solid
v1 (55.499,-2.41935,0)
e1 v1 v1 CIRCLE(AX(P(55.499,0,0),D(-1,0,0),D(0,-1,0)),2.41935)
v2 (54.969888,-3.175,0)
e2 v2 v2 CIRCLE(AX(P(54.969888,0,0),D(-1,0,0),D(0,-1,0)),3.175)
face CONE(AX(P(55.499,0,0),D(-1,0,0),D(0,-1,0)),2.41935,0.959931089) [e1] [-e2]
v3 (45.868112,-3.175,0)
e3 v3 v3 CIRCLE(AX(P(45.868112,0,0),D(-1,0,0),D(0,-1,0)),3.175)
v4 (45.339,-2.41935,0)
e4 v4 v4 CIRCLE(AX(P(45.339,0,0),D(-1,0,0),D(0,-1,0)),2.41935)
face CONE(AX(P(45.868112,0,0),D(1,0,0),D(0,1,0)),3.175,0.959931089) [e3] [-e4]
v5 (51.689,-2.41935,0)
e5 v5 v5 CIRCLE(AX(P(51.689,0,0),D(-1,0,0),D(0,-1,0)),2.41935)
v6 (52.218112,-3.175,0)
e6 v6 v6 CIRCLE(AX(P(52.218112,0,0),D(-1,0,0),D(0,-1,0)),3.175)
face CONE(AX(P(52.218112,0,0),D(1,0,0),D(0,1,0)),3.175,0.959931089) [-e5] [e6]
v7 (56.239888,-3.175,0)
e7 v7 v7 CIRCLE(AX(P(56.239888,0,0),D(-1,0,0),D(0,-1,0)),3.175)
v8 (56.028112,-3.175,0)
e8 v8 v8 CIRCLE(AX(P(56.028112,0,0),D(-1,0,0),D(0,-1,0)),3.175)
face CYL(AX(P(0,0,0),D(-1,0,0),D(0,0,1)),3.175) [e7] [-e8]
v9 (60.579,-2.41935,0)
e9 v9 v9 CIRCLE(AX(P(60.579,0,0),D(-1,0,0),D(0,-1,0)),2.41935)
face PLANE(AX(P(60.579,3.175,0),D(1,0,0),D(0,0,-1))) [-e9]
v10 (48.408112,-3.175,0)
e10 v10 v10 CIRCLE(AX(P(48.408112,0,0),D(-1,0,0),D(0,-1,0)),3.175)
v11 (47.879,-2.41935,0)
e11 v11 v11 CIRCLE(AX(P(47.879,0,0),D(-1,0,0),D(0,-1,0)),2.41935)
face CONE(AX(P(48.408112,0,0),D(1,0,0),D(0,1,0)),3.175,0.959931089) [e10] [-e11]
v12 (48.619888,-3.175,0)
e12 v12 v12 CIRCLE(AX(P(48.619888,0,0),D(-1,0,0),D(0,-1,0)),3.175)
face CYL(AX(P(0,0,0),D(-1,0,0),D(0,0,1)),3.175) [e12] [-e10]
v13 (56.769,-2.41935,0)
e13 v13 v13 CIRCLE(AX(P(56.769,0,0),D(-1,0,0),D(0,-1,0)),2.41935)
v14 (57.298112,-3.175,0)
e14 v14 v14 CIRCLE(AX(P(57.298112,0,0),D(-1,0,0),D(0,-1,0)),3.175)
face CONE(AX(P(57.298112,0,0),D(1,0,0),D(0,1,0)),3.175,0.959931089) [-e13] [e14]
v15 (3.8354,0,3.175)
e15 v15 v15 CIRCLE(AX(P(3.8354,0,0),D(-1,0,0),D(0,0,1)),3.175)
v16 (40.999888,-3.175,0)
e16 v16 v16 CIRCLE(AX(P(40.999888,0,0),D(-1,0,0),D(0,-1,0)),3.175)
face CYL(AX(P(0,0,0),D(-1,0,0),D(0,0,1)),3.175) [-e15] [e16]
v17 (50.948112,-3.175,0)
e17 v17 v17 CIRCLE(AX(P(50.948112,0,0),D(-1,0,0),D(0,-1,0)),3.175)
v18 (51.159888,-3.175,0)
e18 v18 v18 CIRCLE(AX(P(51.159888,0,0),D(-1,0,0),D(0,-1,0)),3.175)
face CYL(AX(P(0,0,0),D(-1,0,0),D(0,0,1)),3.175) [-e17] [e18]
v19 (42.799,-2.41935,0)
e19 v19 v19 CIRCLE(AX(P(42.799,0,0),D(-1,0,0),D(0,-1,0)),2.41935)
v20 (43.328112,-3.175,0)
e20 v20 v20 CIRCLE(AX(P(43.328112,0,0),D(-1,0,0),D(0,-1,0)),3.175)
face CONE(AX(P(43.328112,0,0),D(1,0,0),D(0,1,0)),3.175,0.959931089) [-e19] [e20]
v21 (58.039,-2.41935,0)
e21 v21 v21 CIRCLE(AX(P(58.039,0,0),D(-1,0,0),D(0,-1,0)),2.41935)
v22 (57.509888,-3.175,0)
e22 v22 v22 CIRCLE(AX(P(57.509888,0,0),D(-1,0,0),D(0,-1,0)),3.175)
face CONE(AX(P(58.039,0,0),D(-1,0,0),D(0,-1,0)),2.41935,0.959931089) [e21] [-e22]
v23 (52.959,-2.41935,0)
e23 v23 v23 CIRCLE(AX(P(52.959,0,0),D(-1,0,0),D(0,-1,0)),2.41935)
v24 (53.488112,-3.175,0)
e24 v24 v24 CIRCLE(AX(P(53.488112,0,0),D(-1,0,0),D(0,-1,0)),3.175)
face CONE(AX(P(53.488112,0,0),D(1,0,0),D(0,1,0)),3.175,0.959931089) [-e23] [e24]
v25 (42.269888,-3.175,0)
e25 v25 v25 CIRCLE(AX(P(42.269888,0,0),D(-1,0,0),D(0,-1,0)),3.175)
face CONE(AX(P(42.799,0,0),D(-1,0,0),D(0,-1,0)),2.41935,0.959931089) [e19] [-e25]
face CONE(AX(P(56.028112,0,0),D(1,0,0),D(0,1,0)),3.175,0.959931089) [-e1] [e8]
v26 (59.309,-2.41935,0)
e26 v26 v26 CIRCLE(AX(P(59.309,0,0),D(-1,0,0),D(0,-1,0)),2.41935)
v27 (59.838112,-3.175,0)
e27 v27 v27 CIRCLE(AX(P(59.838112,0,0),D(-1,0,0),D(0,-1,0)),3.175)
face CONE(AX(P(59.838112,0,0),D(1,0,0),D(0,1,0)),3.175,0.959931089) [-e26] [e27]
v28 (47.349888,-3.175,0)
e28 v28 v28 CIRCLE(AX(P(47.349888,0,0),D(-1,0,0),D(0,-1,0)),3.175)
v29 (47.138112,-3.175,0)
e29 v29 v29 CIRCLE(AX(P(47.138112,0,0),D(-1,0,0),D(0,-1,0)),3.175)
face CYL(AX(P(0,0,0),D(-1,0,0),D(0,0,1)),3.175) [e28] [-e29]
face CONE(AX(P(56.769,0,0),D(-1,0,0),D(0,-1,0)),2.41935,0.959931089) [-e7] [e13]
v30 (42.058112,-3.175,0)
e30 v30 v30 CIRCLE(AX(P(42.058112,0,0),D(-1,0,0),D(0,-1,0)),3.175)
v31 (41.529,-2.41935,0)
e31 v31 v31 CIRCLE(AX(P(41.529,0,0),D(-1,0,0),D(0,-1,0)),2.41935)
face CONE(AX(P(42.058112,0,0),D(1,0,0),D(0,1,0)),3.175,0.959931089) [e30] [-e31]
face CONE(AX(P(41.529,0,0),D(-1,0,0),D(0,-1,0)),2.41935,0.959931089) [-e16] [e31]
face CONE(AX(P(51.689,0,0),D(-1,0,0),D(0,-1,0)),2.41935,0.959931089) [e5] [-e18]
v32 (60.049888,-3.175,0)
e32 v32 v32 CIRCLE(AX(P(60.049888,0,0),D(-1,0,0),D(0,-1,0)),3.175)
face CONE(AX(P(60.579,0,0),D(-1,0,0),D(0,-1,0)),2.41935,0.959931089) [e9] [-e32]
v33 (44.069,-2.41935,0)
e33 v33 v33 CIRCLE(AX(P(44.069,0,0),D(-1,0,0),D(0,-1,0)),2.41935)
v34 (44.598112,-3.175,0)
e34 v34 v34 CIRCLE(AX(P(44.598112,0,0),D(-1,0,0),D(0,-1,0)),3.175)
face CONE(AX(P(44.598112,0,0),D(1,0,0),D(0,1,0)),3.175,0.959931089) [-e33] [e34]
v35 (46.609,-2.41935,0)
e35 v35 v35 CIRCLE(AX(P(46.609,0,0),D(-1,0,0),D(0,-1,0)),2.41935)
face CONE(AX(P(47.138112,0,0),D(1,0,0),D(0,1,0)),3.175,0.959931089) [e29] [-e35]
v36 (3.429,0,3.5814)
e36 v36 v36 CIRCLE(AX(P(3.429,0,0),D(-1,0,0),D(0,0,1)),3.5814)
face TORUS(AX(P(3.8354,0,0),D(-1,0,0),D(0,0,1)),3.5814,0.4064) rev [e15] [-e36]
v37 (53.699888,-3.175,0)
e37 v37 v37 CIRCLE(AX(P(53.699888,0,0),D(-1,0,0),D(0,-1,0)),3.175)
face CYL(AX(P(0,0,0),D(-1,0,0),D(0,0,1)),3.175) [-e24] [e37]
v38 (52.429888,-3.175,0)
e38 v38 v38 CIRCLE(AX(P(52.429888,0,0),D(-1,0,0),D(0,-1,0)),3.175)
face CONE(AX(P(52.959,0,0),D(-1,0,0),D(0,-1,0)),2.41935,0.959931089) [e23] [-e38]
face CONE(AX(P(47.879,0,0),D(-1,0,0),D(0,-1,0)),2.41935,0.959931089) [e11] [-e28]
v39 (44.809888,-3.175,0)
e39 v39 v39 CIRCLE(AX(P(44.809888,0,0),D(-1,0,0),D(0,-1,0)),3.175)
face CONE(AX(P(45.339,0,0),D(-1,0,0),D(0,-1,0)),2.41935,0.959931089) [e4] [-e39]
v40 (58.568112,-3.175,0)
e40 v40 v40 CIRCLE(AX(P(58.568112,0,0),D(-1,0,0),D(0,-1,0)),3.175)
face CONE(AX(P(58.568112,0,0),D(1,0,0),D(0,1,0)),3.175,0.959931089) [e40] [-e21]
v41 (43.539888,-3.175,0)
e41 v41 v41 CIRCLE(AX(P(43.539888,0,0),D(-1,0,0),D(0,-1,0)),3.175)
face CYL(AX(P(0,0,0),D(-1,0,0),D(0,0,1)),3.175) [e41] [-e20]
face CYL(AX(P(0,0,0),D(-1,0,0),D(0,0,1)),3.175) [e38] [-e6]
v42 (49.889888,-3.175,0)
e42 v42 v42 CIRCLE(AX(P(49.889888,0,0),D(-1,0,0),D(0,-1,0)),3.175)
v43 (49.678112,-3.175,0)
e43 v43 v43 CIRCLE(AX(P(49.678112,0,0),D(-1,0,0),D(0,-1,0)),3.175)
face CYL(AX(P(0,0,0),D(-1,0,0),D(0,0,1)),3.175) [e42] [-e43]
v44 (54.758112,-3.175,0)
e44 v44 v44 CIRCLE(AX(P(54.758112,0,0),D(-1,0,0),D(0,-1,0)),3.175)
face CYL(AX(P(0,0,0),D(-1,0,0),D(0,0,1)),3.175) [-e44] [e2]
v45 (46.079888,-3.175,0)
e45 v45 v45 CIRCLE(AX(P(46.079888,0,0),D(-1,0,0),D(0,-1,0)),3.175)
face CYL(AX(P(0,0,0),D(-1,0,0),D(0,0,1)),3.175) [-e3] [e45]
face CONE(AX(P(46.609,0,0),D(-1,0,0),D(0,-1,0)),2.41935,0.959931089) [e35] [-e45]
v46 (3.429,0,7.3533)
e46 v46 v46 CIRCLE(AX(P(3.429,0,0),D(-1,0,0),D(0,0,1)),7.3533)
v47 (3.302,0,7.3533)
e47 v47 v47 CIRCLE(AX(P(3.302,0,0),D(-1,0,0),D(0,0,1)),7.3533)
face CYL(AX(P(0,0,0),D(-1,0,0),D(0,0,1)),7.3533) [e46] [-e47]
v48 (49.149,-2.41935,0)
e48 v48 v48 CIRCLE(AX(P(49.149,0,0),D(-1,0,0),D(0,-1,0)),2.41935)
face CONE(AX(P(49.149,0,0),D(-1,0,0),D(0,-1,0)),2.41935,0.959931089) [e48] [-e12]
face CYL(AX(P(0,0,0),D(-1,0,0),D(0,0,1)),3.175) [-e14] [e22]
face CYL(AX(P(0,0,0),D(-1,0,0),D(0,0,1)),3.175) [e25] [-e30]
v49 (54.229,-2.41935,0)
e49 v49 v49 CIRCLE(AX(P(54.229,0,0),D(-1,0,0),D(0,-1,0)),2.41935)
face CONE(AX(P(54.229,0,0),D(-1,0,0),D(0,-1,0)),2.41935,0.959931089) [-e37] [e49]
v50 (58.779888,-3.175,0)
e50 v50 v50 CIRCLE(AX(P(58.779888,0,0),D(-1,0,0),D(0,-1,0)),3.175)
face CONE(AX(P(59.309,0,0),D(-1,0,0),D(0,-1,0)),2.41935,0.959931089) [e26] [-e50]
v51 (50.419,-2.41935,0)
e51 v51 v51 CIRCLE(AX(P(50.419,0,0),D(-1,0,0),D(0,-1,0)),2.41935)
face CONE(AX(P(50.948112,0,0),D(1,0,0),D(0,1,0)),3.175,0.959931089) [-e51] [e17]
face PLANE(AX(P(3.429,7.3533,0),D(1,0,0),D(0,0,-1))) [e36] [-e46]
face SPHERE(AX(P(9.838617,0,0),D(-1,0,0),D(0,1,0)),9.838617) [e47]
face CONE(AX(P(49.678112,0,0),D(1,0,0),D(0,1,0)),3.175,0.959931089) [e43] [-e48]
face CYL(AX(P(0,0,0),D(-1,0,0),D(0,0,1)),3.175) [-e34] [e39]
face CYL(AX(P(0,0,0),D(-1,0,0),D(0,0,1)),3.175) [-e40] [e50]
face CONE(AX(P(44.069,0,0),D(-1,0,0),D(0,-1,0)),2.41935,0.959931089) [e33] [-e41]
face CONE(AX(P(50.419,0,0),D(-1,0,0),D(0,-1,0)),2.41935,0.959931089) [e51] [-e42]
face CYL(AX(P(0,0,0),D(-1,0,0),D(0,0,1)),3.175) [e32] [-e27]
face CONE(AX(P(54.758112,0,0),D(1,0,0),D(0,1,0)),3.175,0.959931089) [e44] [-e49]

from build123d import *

# Parameters (mm, degrees)
THDSCHPAT_COUNT = 16
THDSCHPAT_PITCH = 1.27


with BuildPart() as part:
    # BodySke → Base-Revolve (revolve)
    with BuildSketch(Plane.XY):
        with BuildLine():
            Line((0, 0), (60.579, 0))
            Line((60.579, 0), (60.579, 3.175))
            Line((60.579, 3.175), (3.8354, 3.175))
            ThreePointArc((3.8354, 3.175), (3.548031804, 3.294031804), (3.429, 3.5814))
            Line((3.429, 3.5814), (3.429, 7.3533))
            Line((3.429, 7.3533), (3.302, 7.3533))
            ThreePointArc((3.302, 7.3533), (0.863382865, 4.030329543), (0, 0))
        make_face()
    revolve(axis=Axis((0, 0, 0), (1, 0, 0)))

    # ThdSchSke → ThreadSchematic (revolve, cut)
    with BuildSketch(Plane.XY):
        Polygon((41.529, -2.41935), (40.999888174, -3.175), (40.999888174, -3.96875), (42.058111826, -3.96875), (42.058111826, -3.175), align=None)
    threadschematic = revolve(axis=Axis((-3.175, 0, 0), (1, 0, 0)), mode=Mode.SUBTRACT)

    # ThdSchPat: ThreadSchematic ×16
    with Locations(*[(i * THDSCHPAT_PITCH, 0, 0) for i in range(1, THDSCHPAT_COUNT)]):
        add(threadschematic, mode=Mode.SUBTRACT)


solid = part.part
